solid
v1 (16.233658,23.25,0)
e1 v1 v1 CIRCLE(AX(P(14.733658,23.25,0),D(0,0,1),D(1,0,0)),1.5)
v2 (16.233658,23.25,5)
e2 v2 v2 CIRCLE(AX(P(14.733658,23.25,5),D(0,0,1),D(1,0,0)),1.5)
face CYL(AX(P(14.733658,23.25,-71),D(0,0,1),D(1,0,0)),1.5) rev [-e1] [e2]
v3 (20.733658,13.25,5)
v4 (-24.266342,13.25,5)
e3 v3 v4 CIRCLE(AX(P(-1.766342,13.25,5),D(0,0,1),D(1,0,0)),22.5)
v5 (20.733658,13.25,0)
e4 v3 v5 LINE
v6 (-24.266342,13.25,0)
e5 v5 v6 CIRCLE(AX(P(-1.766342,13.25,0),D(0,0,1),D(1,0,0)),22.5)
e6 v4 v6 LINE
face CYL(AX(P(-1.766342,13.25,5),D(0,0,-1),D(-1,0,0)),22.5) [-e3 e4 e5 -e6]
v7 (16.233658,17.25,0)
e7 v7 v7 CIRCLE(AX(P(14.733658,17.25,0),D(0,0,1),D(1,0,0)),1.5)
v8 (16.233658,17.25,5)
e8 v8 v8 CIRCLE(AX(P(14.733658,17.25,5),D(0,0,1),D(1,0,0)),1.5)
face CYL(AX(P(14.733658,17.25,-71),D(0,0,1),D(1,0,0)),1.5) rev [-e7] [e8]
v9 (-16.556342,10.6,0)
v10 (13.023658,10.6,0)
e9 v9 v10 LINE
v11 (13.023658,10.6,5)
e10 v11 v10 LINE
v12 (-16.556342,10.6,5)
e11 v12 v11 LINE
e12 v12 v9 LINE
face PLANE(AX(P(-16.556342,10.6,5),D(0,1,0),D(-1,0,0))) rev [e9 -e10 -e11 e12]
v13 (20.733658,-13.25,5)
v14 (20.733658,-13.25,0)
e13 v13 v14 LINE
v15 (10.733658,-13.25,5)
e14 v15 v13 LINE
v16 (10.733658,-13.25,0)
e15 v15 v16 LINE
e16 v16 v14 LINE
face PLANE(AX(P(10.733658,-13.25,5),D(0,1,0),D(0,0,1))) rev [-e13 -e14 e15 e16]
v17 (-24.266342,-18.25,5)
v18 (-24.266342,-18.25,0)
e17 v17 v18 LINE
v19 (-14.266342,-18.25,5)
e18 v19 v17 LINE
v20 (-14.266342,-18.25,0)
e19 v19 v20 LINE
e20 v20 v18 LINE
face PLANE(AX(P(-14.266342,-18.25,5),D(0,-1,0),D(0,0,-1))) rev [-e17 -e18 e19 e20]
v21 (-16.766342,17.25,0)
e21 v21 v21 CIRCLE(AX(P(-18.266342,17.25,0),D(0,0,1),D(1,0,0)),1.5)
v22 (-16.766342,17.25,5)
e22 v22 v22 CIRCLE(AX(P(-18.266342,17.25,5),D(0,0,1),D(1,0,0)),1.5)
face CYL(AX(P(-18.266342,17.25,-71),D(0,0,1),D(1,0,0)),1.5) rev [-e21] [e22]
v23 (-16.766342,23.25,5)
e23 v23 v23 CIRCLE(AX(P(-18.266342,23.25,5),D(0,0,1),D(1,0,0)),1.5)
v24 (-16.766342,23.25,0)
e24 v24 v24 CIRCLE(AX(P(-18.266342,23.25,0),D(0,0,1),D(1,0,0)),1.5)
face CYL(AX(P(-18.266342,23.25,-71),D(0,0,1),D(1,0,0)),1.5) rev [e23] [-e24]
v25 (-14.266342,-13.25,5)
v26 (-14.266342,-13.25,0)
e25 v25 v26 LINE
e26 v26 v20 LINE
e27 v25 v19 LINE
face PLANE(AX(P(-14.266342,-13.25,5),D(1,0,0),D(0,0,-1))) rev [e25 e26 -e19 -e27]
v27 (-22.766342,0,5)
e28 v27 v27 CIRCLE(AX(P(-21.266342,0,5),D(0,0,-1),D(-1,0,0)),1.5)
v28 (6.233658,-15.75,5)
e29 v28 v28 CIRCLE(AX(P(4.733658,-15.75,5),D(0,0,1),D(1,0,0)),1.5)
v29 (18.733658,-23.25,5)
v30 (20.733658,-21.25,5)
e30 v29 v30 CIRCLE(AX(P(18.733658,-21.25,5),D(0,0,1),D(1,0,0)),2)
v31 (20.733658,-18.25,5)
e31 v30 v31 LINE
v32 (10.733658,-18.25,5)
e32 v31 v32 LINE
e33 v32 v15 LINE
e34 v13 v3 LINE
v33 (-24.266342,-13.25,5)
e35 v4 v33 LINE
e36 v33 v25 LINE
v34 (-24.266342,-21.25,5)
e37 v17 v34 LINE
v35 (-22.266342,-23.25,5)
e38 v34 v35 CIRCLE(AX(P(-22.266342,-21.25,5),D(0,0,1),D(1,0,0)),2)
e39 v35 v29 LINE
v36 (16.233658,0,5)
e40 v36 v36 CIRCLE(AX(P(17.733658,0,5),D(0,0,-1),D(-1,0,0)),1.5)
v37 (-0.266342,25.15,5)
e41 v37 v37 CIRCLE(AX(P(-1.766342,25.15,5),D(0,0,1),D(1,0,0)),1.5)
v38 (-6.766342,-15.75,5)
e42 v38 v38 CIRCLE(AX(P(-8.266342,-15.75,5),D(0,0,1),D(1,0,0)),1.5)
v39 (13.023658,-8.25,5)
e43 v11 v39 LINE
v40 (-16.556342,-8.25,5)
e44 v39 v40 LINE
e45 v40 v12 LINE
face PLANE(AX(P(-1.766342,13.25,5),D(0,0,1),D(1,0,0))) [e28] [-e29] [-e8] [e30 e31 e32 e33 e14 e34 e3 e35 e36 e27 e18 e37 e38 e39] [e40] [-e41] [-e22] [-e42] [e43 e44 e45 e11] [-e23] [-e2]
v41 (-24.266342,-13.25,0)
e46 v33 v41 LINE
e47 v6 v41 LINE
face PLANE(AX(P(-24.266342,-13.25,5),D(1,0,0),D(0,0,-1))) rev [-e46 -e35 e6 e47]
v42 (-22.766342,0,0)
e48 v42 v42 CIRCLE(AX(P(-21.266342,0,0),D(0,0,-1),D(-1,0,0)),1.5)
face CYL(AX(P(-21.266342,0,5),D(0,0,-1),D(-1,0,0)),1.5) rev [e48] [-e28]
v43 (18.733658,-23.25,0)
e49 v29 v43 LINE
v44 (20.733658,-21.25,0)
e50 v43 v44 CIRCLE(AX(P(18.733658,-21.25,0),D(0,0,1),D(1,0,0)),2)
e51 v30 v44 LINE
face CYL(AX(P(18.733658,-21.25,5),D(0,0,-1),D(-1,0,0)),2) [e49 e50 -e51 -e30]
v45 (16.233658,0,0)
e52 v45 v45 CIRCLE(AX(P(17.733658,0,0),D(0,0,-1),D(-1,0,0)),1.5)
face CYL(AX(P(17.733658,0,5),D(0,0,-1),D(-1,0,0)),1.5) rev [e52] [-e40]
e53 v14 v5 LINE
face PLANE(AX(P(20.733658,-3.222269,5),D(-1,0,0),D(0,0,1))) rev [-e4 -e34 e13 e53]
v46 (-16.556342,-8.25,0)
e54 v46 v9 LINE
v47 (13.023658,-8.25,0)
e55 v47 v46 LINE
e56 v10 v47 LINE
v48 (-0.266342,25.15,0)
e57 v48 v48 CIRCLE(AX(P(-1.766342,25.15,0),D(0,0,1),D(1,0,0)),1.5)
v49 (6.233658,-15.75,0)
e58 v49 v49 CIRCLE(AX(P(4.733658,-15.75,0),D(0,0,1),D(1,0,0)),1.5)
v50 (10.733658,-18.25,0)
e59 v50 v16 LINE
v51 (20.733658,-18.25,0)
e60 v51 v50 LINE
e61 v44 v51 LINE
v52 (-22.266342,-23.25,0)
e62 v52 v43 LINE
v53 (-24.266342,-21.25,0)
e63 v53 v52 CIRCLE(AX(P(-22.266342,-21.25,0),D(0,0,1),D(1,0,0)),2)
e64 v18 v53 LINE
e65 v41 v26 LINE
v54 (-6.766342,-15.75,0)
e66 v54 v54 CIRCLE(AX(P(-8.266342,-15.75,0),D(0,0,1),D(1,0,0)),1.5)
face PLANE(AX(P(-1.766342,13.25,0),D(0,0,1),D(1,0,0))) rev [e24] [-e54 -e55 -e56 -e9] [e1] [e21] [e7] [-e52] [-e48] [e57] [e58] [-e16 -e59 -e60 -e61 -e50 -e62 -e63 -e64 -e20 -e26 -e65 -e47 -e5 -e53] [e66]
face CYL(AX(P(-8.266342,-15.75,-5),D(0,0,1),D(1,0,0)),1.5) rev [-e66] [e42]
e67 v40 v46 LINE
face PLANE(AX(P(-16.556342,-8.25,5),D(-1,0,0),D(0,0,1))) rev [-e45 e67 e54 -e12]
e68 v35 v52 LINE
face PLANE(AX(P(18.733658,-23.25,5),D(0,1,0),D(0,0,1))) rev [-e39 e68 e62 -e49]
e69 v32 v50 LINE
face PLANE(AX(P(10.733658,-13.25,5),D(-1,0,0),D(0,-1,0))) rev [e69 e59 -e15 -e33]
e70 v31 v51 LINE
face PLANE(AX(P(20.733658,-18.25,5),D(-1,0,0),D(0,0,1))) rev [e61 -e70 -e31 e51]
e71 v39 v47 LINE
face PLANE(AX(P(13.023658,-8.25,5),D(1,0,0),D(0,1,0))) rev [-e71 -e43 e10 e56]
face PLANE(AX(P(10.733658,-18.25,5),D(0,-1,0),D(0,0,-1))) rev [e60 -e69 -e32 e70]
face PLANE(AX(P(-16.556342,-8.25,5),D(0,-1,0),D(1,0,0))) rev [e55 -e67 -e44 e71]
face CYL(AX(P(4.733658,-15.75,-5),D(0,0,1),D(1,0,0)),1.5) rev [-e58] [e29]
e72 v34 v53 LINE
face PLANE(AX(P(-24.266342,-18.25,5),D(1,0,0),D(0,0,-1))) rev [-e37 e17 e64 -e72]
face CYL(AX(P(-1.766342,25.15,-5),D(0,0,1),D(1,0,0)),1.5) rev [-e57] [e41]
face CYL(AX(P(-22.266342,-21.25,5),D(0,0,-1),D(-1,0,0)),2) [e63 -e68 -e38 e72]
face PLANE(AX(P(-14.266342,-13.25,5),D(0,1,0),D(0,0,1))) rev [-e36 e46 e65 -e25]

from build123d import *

# Parameters (mm, degrees)
RESSALTO_EXTRUS_O2_DEPTH = 5
ESBO_O9_W                = 29.58
ESBO_O9_H                = 18.85
CORTE_EXTRUS_O1_DEPTH    = 5
ESBO_O10_R               = 1.5
CORTE_EXTRUS_O2_DEPTH    = 5
ESBO_O12_R               = 1.5
CORTE_EXTRUS_O3_DEPTH    = 10
ESBO_O13_R               = 1.5
CORTE_EXTRUS_O4_DEPTH    = 10
ESBO_O14_R               = 1.5
CORTE_EXTRUS_O5_DEPTH    = 76


with BuildPart() as part:
    # Esboço8 → Ressalto-extrusão2 (new body)
    with BuildSketch(Plane.XY):
        with BuildLine():
            Line((-24.266341706, -3.25), (-24.266341706, 13.25))
            ThreePointArc((-24.266341706, 13.25), (-1.766341706, 35.75), (20.733658294, 13.25))
            Line((20.733658294, 13.25), (20.733658294, -3.222268622))
            Line((20.733658294, -3.222268622), (20.733658294, -3.25))
            Line((20.733658294, -3.25), (20.733658294, -13.25))
            Line((20.733658294, -13.25), (10.733658294, -13.25))
            Line((10.733658294, -13.25), (10.733658294, -18.25))
            Line((10.733658294, -18.25), (20.733658294, -18.25))
            Line((20.733658294, -18.25), (20.733658294, -21.25))
            ThreePointArc((20.733658294, -21.25), (20.147871857, -22.664213562), (18.733658294, -23.25))
            Line((18.733658294, -23.25), (-22.266341706, -23.25))
            ThreePointArc((-22.266341706, -23.25), (-23.680555268, -22.664213562), (-24.266341706, -21.25))
            Line((-24.266341706, -21.25), (-24.266341706, -18.25))
            Line((-24.266341706, -18.25), (-14.266341706, -18.25))
            Line((-14.266341706, -18.25), (-14.266341706, -13.25))
            Line((-14.266341706, -13.25), (-24.266341706, -13.25))
            Line((-24.266341706, -13.25), (-24.266341706, -3.25))
        make_face()
    extrude(amount=RESSALTO_EXTRUS_O2_DEPTH)

    # Esboço9 → Corte-extrusão1 (cut)
    with BuildSketch(Plane(origin=(0, 0, 0), x_dir=(-1, 0, 0), z_dir=(0, 0, -1))):
        with Locations((1.766341706, 1.175)):
            Rectangle(ESBO_O9_W, ESBO_O9_H)
    extrude(amount=-CORTE_EXTRUS_O1_DEPTH, mode=Mode.SUBTRACT)

    # Esboço10 → Corte-extrusão2 (cut)
    with BuildSketch(Plane(origin=(0, 0, 0), x_dir=(-1, 0, 0), z_dir=(0, 0, -1))):
        with Locations((-17.733658294, 0)):
            Circle(ESBO_O10_R)
        with Locations((21.266341706, 0)):
            Circle(ESBO_O10_R)
    extrude(amount=-CORTE_EXTRUS_O2_DEPTH, mode=Mode.SUBTRACT)

    # Esboço12 → Corte-extrusão3 (cut)
    with BuildSketch(Plane.XY.offset(5)):
        with Locations((4.733658294, -15.75)):
            Circle(ESBO_O12_R)
        with Locations((-8.266341706, -15.75)):
            Circle(ESBO_O12_R)
    extrude(amount=-CORTE_EXTRUS_O3_DEPTH, mode=Mode.SUBTRACT)

    # Esboço13 → Corte-extrusão4 (cut)
    with BuildSketch(Plane.XY.offset(5)):
        with Locations((-1.766341706, 25.15)):
            Circle(ESBO_O13_R)
    extrude(amount=-CORTE_EXTRUS_O4_DEPTH, mode=Mode.SUBTRACT)

    # Esboço14 → Corte-extrusão5 (cut)
    with BuildSketch(Plane.XY.offset(5)):
        with Locations((14.733658294, 17.25)):
            Circle(ESBO_O14_R)
        with Locations((14.733658294, 23.25)):
            Circle(ESBO_O14_R)
        with Locations((-18.266341706, 23.25)):
            Circle(ESBO_O14_R)
        with Locations((-18.266341706, 17.25)):
            Circle(ESBO_O14_R)
    extrude(amount=-CORTE_EXTRUS_O5_DEPTH, mode=Mode.SUBTRACT)


solid = part.part
